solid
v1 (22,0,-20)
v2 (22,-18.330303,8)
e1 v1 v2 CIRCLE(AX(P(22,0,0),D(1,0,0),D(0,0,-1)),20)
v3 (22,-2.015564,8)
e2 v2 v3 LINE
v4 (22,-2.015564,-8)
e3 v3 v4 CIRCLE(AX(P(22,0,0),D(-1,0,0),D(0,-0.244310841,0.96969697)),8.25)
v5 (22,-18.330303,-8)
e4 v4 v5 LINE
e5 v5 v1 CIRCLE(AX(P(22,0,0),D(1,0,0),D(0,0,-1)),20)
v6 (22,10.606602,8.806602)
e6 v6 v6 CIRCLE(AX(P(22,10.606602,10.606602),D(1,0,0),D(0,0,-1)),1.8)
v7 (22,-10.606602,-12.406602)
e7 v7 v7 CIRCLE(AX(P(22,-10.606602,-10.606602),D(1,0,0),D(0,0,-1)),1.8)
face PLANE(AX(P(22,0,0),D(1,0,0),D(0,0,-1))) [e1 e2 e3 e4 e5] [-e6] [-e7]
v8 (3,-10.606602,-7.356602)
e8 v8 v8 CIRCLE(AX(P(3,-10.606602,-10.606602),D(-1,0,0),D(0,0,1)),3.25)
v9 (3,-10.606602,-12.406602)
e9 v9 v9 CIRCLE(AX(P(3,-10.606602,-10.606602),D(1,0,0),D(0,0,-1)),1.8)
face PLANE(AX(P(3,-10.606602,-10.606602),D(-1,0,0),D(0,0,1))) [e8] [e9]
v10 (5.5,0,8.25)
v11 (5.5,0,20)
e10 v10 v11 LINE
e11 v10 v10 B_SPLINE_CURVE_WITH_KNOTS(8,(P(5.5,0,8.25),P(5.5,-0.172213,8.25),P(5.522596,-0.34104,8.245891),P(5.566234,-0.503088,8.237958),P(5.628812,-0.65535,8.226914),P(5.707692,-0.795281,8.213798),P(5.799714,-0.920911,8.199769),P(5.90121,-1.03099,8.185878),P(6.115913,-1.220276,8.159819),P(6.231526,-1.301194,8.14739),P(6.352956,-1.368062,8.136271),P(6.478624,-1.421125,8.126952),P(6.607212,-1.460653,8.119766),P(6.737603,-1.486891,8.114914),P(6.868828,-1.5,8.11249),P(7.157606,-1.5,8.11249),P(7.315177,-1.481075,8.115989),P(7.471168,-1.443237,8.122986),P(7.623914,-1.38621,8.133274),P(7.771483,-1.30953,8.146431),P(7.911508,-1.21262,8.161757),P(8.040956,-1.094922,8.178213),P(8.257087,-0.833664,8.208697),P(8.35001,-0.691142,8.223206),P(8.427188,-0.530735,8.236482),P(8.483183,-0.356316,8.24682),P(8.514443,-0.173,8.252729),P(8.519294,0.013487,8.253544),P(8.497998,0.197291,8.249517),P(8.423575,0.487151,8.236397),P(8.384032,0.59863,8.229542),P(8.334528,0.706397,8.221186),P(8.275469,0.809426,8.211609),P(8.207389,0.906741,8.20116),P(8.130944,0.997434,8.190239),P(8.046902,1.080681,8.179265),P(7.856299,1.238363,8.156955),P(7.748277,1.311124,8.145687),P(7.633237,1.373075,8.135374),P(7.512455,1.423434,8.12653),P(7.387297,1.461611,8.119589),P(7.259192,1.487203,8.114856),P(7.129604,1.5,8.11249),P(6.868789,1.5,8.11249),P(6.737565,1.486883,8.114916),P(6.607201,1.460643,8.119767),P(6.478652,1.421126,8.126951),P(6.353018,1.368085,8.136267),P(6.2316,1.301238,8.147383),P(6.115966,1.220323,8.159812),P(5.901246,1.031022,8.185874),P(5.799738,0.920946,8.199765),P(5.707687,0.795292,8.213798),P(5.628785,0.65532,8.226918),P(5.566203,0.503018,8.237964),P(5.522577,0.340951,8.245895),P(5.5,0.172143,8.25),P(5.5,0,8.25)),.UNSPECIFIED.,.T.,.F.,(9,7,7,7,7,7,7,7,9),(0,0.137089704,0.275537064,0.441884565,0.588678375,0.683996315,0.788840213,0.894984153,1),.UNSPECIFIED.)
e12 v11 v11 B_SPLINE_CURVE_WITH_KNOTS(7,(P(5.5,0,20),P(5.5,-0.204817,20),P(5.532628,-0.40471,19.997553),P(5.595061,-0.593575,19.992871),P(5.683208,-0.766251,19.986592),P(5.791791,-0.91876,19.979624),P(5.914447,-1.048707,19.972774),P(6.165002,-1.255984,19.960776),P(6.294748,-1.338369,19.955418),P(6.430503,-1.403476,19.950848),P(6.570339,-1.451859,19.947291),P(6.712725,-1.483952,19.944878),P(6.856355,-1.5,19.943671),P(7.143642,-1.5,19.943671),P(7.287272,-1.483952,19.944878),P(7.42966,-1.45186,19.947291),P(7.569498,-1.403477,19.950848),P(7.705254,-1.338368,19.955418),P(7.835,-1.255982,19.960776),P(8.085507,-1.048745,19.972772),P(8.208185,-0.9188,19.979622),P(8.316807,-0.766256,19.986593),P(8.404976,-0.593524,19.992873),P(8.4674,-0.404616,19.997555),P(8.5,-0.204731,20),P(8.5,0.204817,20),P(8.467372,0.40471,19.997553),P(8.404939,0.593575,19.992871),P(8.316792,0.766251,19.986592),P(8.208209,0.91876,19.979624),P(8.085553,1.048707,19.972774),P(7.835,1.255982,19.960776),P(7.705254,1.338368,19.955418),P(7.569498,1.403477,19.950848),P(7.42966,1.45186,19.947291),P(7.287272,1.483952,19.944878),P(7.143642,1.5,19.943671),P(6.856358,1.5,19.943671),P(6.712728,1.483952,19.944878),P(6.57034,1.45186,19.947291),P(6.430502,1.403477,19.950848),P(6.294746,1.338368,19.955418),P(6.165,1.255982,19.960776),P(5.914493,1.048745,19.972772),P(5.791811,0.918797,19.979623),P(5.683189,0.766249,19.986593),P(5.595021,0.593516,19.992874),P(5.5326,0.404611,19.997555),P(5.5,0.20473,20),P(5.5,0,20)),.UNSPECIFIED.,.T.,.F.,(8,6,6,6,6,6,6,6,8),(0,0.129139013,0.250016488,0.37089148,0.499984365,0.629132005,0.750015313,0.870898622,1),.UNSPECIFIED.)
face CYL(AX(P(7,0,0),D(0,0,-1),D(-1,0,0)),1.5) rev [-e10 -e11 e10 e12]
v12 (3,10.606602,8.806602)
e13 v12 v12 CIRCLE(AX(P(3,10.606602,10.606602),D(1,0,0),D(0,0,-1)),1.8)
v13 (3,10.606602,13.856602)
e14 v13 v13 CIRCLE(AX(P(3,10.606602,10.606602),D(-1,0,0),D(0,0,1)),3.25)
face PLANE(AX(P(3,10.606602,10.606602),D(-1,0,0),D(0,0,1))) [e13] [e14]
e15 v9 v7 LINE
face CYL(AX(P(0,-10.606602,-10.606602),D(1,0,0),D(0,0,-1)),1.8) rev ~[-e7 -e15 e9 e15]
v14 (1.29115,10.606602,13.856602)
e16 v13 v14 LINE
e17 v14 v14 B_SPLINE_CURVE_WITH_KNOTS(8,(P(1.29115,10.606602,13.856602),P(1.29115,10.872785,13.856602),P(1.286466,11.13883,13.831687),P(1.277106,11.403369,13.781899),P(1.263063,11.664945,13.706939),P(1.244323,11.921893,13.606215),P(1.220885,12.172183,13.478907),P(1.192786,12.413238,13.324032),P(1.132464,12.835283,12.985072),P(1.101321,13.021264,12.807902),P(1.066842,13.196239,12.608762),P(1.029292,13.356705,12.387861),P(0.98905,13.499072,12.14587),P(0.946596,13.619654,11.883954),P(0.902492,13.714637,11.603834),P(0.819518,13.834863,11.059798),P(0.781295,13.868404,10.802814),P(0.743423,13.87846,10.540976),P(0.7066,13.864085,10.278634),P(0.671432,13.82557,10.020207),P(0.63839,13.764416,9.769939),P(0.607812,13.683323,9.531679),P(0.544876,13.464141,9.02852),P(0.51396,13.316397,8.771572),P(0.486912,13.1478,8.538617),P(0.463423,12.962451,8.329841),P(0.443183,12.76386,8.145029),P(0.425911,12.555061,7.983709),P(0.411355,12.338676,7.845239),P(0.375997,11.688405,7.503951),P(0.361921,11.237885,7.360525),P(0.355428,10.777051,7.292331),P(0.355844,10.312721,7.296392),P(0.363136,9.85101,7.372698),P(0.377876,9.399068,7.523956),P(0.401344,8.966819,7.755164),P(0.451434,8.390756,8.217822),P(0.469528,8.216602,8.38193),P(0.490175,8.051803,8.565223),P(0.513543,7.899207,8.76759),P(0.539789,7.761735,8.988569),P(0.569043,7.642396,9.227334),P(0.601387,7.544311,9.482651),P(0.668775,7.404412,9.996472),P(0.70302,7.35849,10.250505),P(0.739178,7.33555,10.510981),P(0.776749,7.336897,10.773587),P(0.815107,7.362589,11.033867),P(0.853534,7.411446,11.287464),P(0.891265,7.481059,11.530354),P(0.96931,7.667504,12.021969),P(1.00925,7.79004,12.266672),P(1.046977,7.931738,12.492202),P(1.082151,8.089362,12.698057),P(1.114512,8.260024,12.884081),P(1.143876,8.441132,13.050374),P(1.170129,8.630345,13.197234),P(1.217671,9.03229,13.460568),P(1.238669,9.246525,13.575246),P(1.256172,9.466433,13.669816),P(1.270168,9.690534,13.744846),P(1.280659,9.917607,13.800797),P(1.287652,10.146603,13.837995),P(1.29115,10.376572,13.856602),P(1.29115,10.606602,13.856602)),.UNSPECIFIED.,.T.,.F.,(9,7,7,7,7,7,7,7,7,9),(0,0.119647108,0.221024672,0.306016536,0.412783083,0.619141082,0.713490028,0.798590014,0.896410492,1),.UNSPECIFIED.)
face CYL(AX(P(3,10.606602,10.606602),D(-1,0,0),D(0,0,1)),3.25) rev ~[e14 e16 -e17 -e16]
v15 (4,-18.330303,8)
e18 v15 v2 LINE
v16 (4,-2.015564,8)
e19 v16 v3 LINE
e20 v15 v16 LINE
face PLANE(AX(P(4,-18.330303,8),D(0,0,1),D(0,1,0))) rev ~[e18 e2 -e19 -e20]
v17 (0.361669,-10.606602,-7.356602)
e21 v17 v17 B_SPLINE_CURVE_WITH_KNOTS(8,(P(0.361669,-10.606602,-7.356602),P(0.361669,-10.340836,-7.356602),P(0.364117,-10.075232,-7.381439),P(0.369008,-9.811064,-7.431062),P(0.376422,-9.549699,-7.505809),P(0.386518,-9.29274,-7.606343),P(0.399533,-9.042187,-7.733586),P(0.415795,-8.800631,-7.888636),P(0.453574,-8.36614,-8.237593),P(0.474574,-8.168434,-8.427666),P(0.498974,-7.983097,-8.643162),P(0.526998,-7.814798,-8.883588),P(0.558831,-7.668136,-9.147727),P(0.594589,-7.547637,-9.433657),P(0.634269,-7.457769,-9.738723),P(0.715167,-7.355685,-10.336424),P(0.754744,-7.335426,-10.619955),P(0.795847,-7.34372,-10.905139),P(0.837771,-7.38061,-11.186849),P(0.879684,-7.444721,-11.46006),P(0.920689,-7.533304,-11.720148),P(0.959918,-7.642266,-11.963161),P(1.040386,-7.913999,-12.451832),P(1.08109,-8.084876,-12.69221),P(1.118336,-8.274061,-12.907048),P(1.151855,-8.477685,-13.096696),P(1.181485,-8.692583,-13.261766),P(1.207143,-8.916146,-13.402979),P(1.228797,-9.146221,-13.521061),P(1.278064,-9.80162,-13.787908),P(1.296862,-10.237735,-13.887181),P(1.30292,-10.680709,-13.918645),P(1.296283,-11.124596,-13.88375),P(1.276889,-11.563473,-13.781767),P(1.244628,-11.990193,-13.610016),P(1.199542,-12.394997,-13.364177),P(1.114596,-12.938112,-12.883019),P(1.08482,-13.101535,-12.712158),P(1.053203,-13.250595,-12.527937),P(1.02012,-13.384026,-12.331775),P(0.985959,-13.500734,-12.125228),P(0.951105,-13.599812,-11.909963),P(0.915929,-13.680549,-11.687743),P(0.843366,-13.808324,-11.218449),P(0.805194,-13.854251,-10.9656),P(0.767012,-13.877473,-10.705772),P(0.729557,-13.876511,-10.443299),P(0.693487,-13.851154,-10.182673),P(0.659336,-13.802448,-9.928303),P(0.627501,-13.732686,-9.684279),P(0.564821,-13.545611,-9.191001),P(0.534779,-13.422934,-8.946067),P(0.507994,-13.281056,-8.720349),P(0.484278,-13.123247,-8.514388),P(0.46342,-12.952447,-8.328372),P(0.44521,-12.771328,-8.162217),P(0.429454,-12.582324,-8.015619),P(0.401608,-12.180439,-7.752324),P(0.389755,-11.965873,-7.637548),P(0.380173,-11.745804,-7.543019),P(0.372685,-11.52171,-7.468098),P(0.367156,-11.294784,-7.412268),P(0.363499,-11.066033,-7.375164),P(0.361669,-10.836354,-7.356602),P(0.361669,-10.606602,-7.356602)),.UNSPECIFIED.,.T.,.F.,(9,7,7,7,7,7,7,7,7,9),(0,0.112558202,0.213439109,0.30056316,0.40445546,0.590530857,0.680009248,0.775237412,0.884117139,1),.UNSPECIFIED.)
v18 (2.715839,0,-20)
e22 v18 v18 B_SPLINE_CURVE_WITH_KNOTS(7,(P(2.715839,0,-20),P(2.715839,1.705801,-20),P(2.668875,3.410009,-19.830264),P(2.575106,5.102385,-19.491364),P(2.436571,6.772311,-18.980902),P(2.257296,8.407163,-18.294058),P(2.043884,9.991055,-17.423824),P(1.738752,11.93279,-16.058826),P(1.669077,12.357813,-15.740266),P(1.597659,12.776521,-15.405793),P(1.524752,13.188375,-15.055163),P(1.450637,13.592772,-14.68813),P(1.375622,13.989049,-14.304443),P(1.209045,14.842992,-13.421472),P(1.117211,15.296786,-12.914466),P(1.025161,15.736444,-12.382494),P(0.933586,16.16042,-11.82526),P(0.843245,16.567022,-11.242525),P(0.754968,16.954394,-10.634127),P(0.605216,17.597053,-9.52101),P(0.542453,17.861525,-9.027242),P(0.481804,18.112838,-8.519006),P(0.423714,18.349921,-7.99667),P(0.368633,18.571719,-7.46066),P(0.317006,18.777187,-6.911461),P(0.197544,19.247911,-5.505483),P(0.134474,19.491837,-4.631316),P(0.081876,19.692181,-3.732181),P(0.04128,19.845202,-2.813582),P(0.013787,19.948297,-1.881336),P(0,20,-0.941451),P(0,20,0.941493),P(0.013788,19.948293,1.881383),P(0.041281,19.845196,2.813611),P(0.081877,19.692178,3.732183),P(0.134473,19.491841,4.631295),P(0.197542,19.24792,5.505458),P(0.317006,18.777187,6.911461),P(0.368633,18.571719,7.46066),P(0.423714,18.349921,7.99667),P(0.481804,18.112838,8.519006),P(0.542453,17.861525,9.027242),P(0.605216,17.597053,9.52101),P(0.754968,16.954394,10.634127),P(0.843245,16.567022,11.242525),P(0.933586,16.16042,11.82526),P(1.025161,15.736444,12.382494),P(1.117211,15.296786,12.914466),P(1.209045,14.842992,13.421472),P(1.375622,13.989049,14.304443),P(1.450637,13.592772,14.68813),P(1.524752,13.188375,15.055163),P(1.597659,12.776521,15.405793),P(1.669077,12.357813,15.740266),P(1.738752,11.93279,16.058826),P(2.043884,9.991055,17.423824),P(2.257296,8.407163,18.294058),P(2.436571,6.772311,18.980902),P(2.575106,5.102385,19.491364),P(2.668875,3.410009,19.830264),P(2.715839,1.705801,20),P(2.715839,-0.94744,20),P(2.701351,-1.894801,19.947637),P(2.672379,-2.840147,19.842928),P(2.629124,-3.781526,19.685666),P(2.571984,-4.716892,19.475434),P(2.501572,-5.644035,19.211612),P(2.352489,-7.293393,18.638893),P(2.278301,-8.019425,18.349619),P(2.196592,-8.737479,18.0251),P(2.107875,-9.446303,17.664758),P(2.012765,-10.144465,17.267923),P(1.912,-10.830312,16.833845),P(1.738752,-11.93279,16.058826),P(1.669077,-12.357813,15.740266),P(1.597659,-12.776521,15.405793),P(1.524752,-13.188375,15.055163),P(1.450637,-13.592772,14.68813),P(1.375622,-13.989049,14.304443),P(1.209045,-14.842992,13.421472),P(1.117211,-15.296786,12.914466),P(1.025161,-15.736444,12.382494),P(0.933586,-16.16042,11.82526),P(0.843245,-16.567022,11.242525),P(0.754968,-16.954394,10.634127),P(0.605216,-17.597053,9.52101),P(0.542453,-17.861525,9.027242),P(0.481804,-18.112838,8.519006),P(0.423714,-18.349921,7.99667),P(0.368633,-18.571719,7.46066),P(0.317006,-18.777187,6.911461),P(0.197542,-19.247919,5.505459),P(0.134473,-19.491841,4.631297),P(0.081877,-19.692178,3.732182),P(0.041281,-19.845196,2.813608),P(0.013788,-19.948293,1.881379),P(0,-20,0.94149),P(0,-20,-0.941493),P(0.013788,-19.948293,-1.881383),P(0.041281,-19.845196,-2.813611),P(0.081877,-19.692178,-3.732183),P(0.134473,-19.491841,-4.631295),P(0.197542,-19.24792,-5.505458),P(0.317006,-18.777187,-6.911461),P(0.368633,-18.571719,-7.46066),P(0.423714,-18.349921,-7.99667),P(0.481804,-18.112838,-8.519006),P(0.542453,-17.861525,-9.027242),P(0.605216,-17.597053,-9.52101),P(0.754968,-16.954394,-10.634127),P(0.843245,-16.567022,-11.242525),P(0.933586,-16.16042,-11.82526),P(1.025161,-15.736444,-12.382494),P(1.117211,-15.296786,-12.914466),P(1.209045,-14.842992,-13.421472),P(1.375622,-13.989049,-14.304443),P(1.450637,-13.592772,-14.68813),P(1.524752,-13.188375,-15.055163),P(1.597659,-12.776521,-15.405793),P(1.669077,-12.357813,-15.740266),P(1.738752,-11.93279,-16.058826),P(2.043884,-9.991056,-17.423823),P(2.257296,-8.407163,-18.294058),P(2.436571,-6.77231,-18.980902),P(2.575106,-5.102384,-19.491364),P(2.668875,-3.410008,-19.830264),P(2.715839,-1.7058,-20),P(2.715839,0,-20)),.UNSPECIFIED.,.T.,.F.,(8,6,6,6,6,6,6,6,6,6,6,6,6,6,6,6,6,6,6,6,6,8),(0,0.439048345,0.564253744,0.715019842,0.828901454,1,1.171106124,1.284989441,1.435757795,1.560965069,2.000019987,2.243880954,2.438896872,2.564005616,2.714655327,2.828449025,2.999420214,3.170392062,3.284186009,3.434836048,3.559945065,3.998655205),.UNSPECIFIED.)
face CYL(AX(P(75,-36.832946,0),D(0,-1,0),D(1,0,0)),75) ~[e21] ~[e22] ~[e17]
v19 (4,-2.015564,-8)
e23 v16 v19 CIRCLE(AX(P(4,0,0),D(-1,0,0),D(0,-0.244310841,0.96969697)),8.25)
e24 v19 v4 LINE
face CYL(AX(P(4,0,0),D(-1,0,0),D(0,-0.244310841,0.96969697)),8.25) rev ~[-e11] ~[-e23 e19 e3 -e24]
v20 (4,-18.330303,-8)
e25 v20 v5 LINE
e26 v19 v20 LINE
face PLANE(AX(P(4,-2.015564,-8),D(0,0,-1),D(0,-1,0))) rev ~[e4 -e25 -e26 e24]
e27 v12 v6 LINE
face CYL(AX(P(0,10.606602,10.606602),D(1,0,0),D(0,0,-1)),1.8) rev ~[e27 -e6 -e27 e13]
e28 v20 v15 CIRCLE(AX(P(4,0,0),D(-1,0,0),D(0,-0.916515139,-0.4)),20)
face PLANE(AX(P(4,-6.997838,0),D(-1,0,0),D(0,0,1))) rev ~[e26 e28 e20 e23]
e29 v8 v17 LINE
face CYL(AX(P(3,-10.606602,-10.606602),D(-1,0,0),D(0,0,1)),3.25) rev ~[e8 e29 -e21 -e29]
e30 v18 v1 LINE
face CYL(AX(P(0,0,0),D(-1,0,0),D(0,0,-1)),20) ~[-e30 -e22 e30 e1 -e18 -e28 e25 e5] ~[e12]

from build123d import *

# Parameters (mm, degrees)
SKETCH1_R                               = 20
BLOCO_DEPTH                             = 22
ENCAIXE_START                           = -18
ENCAIXE_DO_POTENCI_METRO_DEPTH          = 18
FURO_DE_FIXA_O_PARAFUSO_M3_D            = 3.6
FURO_DE_FIXA_O_PARAFUSO_M3_CBORE_D      = 6.5
FURO_DE_FIXA_O_PARAFUSO_M3_CBORE_DEPTH  = 3
CORTE_ARREDONDAMENTO_DEPTH              = 36.832945734
CORTE_ARREDONDAMENTO_DEPTH_BACK         = 36.832945734
SKETCH7_R                               = 100
SKETCH7_R_2                             = 75
FURO_DE_FIXA_O_POTENCI_METRO_REACH      = 37.833
FURO_DE_FIXA_O_POTENCI_METRO_END_RADIUS = 20
SKETCH8_R                               = 1.5


with BuildPart() as part:
    # Sketch1 → Bloco (new body)
    with BuildSketch(Plane(origin=(0, 0, 0), x_dir=(0, 0, -1), z_dir=(1, 0, 0))):
        Circle(SKETCH1_R)
    extrude(amount=BLOCO_DEPTH)

    # Sketch2 → Encaixe do Potenciômetro (cut)
    with BuildSketch(Plane(origin=(22, 0, 0), x_dir=(0, 0, -1), z_dir=(1, 0, 0)).offset(ENCAIXE_START)):
        with BuildLine():
            Line((-8, -18.33030278), (-8, -2.015564437))
            ThreePointArc((-8, -2.015564437), (0, 8.25), (8, -2.015564437))
            Line((8, -2.015564437), (8, -18.33030278))
            ThreePointArc((8, -18.33030278), (0, -20), (-8, -18.33030278))
        make_face()
    extrude(amount=ENCAIXE_DO_POTENCI_METRO_DEPTH, mode=Mode.SUBTRACT)

    # Furo de Fixação - Parafuso M3 (through all)
    with Locations(Plane.ZY):
        with Locations((10.606601718, 10.606601718), (-10.606601718, -10.606601718)):
            CounterBoreHole(FURO_DE_FIXA_O_PARAFUSO_M3_D / 2, FURO_DE_FIXA_O_PARAFUSO_M3_CBORE_D / 2, FURO_DE_FIXA_O_PARAFUSO_M3_CBORE_DEPTH)

    # Sketch7 → Corte - Arredondamento (cut, two sides: drawn at the far end of the back side and taken through both)
    with BuildSketch(Plane(origin=(0, 0, 0), x_dir=(1, 0, 0), z_dir=(0, 1, 0)).offset(-CORTE_ARREDONDAMENTO_DEPTH_BACK)):
        with Locations((75, 0)):
            Circle(SKETCH7_R)
        with Locations((75, 0)):
            Circle(SKETCH7_R_2, mode=Mode.SUBTRACT)
    extrude(amount=CORTE_ARREDONDAMENTO_DEPTH + CORTE_ARREDONDAMENTO_DEPTH_BACK, mode=Mode.SUBTRACT)

    # Furo de Fixação - Potenciômetro: up to this cylinder (the profile starts inside it)
    furo_de_fixa_o_potenci_metro_end = Plane(origin=(7, 0, 0), z_dir=(-1, 0, 0)) * Cylinder(FURO_DE_FIXA_O_POTENCI_METRO_END_RADIUS, 116.666, mode=Mode.PRIVATE)
    # Sketch8 → Furo de Fixação - Potenciômetro (cut, up to the surface)
    with BuildSketch(Plane.XY, mode=Mode.PRIVATE) as furo_de_fixa_o_potenci_metro_sk1:
        with Locations(Location((7, 0, 0), (0, 0, 180))):
            Circle(SKETCH8_R)
    furo_de_fixa_o_potenci_metro_tool1 = extrude(furo_de_fixa_o_potenci_metro_sk1.sketch, amount=FURO_DE_FIXA_O_POTENCI_METRO_REACH, mode=Mode.PRIVATE) & furo_de_fixa_o_potenci_metro_end
    add(furo_de_fixa_o_potenci_metro_tool1.solids().sort_by_distance((7, 0, 0))[0], mode=Mode.SUBTRACT)


solid = part.part
